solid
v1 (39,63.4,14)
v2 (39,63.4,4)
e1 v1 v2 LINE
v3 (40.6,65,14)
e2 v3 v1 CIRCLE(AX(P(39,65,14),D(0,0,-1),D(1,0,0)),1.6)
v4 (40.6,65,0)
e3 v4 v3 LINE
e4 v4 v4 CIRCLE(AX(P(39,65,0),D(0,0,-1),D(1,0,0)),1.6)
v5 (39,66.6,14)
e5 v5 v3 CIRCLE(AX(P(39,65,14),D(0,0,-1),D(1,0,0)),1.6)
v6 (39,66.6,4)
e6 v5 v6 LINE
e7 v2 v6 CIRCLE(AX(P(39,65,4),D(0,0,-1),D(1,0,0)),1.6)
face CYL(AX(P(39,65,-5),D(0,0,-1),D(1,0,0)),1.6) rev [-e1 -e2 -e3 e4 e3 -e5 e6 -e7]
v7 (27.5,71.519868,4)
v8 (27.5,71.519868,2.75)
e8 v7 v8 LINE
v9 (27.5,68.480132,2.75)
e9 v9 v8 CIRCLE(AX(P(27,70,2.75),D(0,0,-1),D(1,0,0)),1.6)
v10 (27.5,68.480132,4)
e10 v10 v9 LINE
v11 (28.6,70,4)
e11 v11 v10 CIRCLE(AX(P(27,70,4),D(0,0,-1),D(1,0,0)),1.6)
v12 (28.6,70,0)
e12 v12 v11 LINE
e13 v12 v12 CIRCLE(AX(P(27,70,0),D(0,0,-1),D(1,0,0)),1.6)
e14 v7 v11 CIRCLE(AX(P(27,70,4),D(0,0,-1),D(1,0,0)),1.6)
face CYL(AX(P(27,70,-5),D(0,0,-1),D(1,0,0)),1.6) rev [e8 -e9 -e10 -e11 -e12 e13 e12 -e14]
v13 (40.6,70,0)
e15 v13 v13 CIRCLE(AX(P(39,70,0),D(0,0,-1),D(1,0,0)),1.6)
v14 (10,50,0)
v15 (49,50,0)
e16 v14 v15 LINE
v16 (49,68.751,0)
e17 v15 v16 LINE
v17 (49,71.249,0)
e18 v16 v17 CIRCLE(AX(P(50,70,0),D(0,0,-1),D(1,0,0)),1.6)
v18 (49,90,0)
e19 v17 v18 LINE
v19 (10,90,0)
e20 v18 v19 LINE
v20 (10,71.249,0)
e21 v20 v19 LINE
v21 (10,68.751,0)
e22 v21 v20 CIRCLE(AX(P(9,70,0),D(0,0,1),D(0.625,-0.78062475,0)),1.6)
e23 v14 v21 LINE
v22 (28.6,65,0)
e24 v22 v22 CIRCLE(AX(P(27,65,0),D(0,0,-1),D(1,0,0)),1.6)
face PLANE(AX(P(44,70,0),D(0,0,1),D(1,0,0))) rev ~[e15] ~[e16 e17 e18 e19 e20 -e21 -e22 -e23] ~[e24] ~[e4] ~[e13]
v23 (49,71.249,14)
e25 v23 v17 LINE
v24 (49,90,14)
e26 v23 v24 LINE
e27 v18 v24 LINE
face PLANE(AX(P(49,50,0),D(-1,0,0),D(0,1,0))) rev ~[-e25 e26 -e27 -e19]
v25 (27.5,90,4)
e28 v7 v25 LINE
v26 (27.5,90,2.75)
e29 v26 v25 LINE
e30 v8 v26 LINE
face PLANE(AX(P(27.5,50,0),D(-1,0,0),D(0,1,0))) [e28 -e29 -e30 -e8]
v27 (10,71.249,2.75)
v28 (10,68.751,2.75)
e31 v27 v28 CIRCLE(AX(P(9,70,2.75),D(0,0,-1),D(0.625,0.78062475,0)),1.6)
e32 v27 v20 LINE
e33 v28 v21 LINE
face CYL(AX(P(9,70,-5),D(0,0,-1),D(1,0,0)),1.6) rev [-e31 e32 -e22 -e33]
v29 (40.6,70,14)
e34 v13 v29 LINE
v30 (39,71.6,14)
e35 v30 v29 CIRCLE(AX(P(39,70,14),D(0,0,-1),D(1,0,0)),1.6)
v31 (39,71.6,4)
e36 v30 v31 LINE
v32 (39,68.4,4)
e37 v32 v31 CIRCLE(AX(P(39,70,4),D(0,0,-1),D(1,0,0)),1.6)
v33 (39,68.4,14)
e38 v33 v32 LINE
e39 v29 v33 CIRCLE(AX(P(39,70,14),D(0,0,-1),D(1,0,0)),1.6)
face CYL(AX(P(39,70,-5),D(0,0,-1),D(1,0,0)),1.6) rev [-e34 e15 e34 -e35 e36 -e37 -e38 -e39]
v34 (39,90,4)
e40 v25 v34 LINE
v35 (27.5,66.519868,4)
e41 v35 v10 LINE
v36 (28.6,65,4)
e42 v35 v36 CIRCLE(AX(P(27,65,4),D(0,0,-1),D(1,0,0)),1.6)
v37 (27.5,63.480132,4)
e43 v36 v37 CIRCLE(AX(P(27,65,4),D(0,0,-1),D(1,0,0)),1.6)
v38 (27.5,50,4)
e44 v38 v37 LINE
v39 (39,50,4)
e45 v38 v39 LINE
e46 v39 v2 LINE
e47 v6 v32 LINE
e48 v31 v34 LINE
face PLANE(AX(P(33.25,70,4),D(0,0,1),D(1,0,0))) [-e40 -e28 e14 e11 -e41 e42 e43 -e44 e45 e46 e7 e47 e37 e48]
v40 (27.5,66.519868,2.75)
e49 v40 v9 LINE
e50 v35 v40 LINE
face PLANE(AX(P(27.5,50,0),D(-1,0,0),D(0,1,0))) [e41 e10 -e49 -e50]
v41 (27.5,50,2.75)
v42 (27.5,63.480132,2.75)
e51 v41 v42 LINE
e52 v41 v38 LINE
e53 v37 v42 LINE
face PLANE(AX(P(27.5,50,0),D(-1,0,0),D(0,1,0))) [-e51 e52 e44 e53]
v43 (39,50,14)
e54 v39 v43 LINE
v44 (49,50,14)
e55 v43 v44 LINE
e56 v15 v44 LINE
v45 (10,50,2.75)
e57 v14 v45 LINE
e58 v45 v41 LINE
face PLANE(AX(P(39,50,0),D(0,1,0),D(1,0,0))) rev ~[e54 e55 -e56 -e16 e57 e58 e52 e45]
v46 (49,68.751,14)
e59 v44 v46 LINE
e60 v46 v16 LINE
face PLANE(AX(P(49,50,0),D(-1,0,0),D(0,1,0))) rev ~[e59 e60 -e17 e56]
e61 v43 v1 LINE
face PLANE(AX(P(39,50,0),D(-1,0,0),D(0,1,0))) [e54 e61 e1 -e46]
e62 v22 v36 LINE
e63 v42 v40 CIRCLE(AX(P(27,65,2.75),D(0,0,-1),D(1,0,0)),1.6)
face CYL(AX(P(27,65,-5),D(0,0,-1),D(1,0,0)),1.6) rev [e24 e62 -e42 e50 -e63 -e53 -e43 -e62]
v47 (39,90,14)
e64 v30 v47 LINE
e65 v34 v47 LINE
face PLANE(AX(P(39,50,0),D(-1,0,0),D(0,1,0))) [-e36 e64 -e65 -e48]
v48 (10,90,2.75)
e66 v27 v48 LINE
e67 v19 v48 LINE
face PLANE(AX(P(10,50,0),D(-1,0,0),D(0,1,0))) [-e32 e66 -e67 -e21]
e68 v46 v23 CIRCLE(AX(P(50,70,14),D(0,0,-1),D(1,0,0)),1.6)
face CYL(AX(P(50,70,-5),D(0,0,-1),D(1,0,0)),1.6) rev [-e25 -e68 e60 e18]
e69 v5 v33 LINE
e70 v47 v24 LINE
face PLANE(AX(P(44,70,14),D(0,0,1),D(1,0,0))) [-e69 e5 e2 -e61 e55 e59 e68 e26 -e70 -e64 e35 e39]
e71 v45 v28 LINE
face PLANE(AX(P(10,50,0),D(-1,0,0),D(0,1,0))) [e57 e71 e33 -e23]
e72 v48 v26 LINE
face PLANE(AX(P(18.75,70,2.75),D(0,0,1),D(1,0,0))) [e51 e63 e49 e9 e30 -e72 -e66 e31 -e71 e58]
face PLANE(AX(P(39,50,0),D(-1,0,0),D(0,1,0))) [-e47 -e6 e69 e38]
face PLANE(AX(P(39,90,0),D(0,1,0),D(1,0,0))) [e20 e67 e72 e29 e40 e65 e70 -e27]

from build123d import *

# Parameters (mm, degrees)
CYLINDER009_R     = 1.6
CYLINDER009_DEPTH = 20
CYLINDER008_R     = 1.6
CYLINDER008_DEPTH = 20
CYLINDER007_R     = 1.6
CYLINDER007_DEPTH = 20
CYLINDER006_R     = 1.6
CYLINDER006_DEPTH = 10
CYLINDER005_R     = 1.6
CYLINDER005_DEPTH = 10
CYLINDER004_R     = 1.6
CYLINDER004_DEPTH = 10
BOX002_W          = 11.5
BOX002_H          = 40
BOX002_DEPTH      = 4
BOX003_W          = 10
BOX003_H          = 40
BOX003_DEPTH      = 14
BOX001_W          = 17.5
BOX001_H          = 40
BOX001_DEPTH      = 2.75


with BuildPart() as cylinder009:
    # Cylinder009 → Cylinder009 (new body)
    with BuildSketch(Plane(origin=(50, 70, -5), x_dir=(1, 0, 0), z_dir=(0, 0, 1))):
        Circle(CYLINDER009_R)
    extrude(amount=CYLINDER009_DEPTH)


with BuildPart() as cylinder008:
    # Cylinder008 → Cylinder008 (new body)
    with BuildSketch(Plane(origin=(39, 70, -5), x_dir=(1, 0, 0), z_dir=(0, 0, 1))):
        Circle(CYLINDER008_R)
    extrude(amount=CYLINDER008_DEPTH)


with BuildPart() as cylinder007:
    # Cylinder007 → Cylinder007 (new body)
    with BuildSketch(Plane(origin=(39, 65, -5), x_dir=(1, 0, 0), z_dir=(0, 0, 1))):
        Circle(CYLINDER007_R)
    extrude(amount=CYLINDER007_DEPTH)


with BuildPart() as cylinder006:
    # Cylinder006 → Cylinder006 (new body)
    with BuildSketch(Plane(origin=(27, 65, -5), x_dir=(1, 0, 0), z_dir=(0, 0, 1))):
        Circle(CYLINDER006_R)
    extrude(amount=CYLINDER006_DEPTH)


with BuildPart() as cylinder005:
    # Cylinder005 → Cylinder005 (new body)
    with BuildSketch(Plane(origin=(27, 70, -5), x_dir=(1, 0, 0), z_dir=(0, 0, 1))):
        Circle(CYLINDER005_R)
    extrude(amount=CYLINDER005_DEPTH)


with BuildPart() as cylinder004:
    # Cylinder004 → Cylinder004 (new body)
    with BuildSketch(Plane(origin=(9, 70, -5), x_dir=(1, 0, 0), z_dir=(0, 0, 1))):
        Circle(CYLINDER004_R)
    extrude(amount=CYLINDER004_DEPTH)


with BuildPart() as cube002:
    # Box002 → Box002 (new body)
    with BuildSketch(Plane(origin=(27.5, 50, 0), x_dir=(1, 0, 0), z_dir=(0, 0, 1))):
        with Locations((5.75, 20)):
            Rectangle(BOX002_W, BOX002_H)
    extrude(amount=BOX002_DEPTH)


with BuildPart() as cube003:
    # Box003 → Box003 (new body)
    with BuildSketch(Plane(origin=(39, 50, 0), x_dir=(1, 0, 0), z_dir=(0, 0, 1))):
        with Locations((5, 20)):
            Rectangle(BOX003_W, BOX003_H)
    extrude(amount=BOX003_DEPTH)


with BuildPart() as cut005:
    # Box001 → Box001 (new body)
    with BuildSketch(Plane(origin=(10, 50, 0), x_dir=(1, 0, 0), z_dir=(0, 0, 1))):
        with Locations((8.75, 20)):
            Rectangle(BOX001_W, BOX001_H)
    extrude(amount=BOX001_DEPTH)

    # Fusion: union Cube002, Cube003
    add(cube002.part)
    add(cube003.part)

    # Cut: cut Cylinder004
    add(cylinder004.part, mode=Mode.SUBTRACT)

    # Cut001: cut Cylinder005
    add(cylinder005.part, mode=Mode.SUBTRACT)

    # Cut002: cut Cylinder006
    add(cylinder006.part, mode=Mode.SUBTRACT)

    # Cut003: cut Cylinder007
    add(cylinder007.part, mode=Mode.SUBTRACT)

    # Cut004: cut Cylinder008
    add(cylinder008.part, mode=Mode.SUBTRACT)

    # Cut005: cut Cylinder009
    add(cylinder009.part, mode=Mode.SUBTRACT)


solid = cut005.part
